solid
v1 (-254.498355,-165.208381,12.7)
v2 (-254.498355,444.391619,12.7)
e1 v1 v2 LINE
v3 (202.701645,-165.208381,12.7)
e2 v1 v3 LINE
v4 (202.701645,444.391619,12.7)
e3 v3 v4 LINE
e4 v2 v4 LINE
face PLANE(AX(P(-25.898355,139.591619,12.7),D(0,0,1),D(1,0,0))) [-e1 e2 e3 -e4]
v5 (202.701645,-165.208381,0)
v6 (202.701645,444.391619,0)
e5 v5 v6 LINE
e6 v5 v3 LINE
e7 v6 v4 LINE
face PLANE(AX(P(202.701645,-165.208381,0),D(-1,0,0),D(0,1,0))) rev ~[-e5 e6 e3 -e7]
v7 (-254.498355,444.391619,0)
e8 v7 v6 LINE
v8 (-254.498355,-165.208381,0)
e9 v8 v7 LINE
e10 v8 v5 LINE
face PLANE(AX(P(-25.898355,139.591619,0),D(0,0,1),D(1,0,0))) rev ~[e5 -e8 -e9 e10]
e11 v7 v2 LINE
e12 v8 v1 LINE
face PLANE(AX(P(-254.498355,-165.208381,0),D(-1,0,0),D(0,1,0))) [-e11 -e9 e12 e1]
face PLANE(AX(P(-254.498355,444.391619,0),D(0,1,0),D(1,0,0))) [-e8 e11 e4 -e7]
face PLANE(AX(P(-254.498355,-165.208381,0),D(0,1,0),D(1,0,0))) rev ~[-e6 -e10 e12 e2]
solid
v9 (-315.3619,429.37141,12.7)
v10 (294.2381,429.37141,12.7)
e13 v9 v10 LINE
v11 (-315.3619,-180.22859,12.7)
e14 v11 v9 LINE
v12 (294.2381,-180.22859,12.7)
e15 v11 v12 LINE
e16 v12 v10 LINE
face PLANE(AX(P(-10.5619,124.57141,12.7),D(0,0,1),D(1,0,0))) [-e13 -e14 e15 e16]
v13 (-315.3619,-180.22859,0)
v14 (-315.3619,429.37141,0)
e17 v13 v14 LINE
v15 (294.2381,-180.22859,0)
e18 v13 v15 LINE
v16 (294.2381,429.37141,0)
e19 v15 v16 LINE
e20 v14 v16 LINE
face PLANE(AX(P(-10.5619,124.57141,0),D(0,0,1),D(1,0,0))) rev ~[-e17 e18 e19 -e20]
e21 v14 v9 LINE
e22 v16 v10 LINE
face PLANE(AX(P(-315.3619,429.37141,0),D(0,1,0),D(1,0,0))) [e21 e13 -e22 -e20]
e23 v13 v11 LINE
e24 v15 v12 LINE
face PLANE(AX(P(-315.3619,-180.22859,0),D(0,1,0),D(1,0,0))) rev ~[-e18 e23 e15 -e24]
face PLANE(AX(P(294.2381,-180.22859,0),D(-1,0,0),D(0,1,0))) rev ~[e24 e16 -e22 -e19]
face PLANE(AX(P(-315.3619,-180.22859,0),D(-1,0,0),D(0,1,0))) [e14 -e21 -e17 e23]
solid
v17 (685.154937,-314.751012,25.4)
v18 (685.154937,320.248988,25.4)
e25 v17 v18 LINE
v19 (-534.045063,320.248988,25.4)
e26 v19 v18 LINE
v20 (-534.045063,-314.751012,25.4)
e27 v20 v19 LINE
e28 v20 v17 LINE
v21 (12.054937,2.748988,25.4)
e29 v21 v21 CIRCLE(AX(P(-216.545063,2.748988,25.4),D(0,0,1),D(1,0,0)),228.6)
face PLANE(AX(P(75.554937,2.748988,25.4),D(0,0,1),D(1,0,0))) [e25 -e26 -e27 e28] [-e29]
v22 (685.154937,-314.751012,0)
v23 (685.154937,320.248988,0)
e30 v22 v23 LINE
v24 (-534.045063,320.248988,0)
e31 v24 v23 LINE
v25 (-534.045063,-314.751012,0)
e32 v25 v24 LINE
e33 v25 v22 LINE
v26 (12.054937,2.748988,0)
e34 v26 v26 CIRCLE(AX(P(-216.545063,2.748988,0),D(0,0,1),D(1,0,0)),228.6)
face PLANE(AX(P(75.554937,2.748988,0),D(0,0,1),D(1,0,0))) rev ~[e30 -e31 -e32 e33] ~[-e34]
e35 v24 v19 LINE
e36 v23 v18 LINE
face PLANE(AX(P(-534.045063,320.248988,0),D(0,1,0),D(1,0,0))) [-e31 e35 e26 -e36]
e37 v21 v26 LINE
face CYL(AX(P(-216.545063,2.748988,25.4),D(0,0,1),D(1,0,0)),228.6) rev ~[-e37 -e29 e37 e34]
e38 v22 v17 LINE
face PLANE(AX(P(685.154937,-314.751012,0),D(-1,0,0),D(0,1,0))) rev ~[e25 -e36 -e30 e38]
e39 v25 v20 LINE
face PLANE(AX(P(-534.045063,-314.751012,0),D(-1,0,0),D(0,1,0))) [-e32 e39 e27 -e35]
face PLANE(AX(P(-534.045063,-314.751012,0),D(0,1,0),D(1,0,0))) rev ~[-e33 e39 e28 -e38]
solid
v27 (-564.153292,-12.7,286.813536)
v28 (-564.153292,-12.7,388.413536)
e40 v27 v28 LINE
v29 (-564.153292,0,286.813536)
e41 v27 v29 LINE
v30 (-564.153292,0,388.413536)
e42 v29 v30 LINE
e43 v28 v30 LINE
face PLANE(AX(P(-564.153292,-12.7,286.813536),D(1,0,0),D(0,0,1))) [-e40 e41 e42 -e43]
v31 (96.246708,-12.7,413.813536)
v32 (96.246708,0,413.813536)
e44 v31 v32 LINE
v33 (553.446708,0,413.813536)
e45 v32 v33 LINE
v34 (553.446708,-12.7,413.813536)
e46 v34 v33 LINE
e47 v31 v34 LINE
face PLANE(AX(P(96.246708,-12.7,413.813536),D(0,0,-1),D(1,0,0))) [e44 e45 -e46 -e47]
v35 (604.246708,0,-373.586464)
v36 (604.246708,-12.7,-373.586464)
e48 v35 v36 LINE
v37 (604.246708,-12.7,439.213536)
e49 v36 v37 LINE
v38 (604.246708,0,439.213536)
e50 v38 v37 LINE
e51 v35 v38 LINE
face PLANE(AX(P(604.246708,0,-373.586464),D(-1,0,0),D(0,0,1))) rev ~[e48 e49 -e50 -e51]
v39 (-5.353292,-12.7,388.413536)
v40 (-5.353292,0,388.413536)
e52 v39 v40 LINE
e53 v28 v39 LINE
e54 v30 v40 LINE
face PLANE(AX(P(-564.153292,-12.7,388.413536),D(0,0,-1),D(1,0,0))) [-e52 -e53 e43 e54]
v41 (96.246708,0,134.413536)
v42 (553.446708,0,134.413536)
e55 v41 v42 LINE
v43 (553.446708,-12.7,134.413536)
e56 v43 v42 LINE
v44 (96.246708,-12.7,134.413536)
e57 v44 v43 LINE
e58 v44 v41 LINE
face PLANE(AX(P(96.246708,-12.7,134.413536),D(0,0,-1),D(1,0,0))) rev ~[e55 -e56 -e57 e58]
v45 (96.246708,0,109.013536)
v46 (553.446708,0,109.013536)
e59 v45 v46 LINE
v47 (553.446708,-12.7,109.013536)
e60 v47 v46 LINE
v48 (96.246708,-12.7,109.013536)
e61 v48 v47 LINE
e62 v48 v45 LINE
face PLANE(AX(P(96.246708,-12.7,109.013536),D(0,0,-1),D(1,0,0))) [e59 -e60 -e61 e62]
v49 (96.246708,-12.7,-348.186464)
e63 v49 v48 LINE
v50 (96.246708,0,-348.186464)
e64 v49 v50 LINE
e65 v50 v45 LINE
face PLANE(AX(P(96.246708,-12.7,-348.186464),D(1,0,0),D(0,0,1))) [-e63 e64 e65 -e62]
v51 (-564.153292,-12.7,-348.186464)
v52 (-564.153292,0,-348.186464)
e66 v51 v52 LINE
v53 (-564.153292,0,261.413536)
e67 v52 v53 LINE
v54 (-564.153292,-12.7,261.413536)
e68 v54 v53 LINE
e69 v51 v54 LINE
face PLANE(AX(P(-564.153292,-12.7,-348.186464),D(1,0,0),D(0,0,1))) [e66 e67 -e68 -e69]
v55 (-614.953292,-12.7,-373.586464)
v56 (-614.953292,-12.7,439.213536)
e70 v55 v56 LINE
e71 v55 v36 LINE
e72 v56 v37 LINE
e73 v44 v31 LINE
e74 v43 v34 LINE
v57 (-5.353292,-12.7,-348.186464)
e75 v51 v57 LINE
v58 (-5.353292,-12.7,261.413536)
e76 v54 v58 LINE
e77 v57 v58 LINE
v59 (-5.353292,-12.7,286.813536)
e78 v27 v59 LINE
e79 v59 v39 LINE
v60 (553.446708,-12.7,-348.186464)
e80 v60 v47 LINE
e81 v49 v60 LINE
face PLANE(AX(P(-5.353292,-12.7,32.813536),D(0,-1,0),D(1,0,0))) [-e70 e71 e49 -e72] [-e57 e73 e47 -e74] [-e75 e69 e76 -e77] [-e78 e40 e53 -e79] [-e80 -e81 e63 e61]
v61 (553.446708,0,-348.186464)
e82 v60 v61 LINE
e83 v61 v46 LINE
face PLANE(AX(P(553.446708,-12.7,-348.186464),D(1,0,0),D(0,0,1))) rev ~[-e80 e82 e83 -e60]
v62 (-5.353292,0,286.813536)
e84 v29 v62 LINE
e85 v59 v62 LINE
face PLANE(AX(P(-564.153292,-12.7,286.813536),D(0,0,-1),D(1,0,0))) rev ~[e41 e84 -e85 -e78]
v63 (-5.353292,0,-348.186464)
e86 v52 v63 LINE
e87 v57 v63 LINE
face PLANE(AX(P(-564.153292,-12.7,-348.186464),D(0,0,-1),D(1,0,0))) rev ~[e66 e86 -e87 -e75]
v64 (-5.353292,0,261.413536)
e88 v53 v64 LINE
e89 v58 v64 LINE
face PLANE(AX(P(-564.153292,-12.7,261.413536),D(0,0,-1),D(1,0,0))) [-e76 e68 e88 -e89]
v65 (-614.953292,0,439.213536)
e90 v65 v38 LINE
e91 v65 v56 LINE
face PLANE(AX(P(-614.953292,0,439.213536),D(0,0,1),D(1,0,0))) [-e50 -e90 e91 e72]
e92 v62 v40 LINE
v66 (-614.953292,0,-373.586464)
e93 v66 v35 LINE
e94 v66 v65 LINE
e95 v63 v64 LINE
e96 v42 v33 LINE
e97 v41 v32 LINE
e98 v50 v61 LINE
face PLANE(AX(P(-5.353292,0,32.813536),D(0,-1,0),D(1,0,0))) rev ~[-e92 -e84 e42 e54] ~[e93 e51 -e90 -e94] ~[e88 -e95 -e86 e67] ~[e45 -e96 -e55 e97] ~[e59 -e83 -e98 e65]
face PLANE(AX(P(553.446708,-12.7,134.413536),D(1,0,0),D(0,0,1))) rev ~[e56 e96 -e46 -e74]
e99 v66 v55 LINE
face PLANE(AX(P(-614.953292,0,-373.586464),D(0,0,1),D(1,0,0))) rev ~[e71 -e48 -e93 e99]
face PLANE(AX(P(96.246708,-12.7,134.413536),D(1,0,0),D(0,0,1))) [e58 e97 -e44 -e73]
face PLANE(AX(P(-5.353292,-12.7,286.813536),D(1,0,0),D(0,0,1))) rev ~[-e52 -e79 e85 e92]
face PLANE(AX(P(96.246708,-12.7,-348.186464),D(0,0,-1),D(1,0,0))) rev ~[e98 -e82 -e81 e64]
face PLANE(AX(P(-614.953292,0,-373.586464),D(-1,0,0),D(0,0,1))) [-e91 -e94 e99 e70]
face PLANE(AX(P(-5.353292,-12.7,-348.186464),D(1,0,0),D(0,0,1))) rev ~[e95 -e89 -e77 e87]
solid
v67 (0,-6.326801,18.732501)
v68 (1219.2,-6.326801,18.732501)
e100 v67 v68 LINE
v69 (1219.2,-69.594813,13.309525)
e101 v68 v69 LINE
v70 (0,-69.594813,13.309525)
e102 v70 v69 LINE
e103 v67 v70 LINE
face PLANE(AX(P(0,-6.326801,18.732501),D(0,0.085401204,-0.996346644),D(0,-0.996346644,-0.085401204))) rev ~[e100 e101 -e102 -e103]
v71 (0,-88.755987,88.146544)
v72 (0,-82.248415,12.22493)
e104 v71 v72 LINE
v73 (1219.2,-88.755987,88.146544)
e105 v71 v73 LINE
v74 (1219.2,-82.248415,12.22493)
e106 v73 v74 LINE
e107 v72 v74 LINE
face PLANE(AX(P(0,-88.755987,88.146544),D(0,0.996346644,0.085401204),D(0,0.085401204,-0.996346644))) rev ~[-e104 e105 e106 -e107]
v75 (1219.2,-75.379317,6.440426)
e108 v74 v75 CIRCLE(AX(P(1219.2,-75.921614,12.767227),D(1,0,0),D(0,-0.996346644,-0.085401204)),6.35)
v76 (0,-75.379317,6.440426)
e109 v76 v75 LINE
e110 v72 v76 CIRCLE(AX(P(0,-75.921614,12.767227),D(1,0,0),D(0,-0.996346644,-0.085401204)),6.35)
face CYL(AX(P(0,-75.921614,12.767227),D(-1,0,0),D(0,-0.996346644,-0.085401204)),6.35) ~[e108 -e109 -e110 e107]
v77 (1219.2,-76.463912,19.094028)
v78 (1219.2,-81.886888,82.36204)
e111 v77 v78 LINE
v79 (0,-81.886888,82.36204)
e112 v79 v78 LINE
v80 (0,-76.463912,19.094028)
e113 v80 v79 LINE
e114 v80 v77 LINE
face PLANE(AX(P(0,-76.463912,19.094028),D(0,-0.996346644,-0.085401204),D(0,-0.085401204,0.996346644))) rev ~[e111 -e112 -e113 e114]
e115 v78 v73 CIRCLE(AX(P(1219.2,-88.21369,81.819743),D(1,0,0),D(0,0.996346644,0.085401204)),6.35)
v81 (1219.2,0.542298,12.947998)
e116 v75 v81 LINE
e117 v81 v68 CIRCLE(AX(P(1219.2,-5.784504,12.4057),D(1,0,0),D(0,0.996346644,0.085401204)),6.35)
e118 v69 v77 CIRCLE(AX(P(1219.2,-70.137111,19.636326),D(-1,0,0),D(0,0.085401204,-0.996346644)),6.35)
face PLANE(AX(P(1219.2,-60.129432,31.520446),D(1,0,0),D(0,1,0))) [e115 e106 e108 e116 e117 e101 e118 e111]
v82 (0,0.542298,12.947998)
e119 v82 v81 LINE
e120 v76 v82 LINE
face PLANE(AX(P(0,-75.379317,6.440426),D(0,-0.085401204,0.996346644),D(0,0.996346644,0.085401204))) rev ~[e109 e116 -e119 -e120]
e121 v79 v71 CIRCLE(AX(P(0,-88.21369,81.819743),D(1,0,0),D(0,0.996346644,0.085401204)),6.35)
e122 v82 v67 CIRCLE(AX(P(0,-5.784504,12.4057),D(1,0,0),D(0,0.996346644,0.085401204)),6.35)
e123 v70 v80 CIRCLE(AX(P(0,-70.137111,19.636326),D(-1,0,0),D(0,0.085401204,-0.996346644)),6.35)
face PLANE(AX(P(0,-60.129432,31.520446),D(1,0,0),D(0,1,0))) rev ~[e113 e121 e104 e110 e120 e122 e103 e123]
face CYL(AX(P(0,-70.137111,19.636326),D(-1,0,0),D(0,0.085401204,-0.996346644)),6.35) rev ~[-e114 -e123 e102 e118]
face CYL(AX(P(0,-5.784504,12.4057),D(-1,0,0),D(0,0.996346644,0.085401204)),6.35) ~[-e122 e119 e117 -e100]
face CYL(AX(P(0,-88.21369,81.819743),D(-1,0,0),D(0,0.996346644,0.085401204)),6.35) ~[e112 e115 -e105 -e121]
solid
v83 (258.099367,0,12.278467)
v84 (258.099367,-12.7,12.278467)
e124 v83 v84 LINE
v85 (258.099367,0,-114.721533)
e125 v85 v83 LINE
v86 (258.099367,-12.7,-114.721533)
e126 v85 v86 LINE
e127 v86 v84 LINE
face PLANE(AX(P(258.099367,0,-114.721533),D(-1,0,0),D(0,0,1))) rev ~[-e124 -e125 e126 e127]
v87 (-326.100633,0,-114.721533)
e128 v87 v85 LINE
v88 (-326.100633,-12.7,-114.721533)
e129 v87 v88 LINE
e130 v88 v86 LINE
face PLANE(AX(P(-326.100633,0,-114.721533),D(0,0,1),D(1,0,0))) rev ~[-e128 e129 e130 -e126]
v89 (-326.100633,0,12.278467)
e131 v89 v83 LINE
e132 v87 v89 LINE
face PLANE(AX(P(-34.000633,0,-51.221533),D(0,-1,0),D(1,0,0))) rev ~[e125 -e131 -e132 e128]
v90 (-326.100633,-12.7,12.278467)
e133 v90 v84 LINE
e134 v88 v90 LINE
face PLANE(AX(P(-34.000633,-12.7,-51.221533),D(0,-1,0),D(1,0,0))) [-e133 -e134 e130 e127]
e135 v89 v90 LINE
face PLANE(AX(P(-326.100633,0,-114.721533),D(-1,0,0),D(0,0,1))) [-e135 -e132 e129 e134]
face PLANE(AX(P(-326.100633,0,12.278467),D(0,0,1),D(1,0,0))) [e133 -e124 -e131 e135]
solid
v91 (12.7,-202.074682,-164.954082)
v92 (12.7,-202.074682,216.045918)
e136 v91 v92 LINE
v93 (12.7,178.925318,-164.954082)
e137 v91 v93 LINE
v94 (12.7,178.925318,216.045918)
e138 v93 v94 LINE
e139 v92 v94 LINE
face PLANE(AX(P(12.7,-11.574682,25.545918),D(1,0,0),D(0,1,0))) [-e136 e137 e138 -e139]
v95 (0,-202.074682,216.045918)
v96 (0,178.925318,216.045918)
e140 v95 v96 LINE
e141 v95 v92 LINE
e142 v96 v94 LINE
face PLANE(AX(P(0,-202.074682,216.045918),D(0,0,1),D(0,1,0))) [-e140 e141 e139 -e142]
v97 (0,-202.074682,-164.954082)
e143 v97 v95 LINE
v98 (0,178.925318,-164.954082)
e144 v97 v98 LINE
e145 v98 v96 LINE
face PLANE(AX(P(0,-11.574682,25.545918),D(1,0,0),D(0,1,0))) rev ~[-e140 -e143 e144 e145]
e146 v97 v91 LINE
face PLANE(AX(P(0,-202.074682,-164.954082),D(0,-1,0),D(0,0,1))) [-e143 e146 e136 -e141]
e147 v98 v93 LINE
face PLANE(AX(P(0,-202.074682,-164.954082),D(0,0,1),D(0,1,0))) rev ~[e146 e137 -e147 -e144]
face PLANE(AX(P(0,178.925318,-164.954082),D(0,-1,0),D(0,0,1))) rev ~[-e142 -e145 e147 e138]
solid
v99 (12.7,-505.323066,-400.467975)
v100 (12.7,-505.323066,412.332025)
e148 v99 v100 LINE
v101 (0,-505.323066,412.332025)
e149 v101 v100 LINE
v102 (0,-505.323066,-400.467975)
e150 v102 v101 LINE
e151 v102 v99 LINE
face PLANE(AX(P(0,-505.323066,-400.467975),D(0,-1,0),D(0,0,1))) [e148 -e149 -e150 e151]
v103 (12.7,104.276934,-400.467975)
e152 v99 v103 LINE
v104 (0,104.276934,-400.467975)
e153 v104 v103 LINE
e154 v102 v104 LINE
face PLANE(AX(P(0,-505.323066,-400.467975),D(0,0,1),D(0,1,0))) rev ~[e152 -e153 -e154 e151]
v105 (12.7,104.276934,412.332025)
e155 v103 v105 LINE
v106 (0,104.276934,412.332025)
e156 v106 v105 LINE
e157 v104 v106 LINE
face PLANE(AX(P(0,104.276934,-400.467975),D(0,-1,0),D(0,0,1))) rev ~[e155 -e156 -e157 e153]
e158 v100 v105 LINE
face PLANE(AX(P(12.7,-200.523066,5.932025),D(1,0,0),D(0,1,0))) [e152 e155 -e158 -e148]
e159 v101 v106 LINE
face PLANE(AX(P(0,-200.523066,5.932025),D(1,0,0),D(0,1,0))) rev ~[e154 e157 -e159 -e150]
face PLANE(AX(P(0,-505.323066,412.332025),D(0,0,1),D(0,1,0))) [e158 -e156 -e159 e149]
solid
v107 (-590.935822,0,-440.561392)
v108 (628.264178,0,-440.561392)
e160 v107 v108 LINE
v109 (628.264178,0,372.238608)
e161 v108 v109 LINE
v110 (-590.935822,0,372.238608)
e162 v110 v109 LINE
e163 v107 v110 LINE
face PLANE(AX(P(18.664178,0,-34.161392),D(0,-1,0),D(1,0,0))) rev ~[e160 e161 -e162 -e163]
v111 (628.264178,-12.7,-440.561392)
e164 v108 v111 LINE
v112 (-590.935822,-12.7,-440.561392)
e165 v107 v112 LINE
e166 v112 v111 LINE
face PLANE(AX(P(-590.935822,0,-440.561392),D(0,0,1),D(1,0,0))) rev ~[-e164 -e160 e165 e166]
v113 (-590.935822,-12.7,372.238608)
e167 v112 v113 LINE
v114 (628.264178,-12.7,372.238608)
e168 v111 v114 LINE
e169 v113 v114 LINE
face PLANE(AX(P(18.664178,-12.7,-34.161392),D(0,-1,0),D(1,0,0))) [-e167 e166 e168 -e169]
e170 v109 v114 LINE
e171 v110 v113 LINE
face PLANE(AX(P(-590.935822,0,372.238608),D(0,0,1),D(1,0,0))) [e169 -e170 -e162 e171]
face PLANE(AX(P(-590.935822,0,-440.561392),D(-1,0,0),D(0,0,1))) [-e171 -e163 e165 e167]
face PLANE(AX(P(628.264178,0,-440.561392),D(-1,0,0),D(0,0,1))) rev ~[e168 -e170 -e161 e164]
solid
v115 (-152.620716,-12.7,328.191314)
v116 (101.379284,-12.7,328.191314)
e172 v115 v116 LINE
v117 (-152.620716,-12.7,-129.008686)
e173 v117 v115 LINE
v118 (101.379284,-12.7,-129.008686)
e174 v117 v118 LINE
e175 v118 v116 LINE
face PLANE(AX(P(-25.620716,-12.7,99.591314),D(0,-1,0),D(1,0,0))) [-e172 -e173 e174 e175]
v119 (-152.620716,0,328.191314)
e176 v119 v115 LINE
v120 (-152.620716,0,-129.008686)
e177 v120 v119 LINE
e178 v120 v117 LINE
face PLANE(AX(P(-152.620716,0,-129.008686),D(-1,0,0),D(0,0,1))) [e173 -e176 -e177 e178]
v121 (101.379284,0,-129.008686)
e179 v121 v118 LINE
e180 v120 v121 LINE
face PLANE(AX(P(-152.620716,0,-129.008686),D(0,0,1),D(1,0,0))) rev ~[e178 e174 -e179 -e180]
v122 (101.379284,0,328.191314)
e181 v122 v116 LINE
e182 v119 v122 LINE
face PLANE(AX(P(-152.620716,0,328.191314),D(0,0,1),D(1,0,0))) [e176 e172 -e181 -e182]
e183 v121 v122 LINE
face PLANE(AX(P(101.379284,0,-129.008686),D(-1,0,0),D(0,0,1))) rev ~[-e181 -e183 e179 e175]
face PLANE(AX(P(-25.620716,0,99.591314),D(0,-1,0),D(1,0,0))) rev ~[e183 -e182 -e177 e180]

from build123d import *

# Parameters (mm, degrees)
F0_W      = 1219.2
F0_H      = 812.8
F1_DEPTH  = 12.7
F2_W      = 558.8
F2_H      = 609.6
F2_W_2    = 457.2
F2_H_2    = 457.2
F2_H_3    = 279.4
F2_H_4    = 101.6
F3_DEPTH  = 12.701
F4_W      = 609.6
F4_H      = 812.8
F5_DEPTH  = 12.7
F6_W      = 1219.2
F6_H      = 812.8
F7_DEPTH  = 12.7
F8_W      = 1219.2
F8_H      = 635
F9_DEPTH  = 25.4
F10_W     = 609.6
F10_H     = 609.6
F11_DEPTH = 12.7
F12_W     = 457.2
F12_H     = 609.6
F13_DEPTH = 12.7
F14_W     = 584.2
F14_H     = 127
F15_DEPTH = 12.7
F16_W     = 254
F16_H     = 457.2
F17_DEPTH = 12.7
F19_DEPTH = 1219.2
F20_W     = 381
F20_H     = 381
F21_DEPTH = 12.7
F22_R     = 228.6
F23_DEPTH = 465.9623922819


with BuildPart() as f1:
    # F0 (on Front) → F1 (new body)
    with BuildSketch(Plane.XZ):
        with Locations((-5.3532924503, 32.8135361745)):
            Rectangle(F0_W, F0_H)
    extrude(amount=F1_DEPTH)

    # F2 (on face) → F3 (cut, through all)
    with BuildSketch(Plane.XZ.offset(12.7)):
        with Locations((-284.7532924503, -43.3864638255)):
            Rectangle(F2_W, F2_H)
        with Locations((324.8467075497, -119.5864638255)):
            Rectangle(F2_W_2, F2_H_2)
        with Locations((324.8467075497, 274.1135361745)):
            Rectangle(F2_W_2, F2_H_3)
        with Locations((-284.7532924503, 337.6135361745)):
            Rectangle(F2_W, F2_H_4)
    extrude(amount=-F3_DEPTH, mode=Mode.SUBTRACT)


with BuildPart() as f5:
    # F4 (on Right) → F5 (new body)
    with BuildSketch(Plane.YZ):
        with Locations((-200.5230661683, 5.9320246801)):
            Rectangle(F4_W, F4_H)
    extrude(amount=F5_DEPTH)


with BuildPart() as f7:
    # F6 (on Front) → F7 (new body)
    with BuildSketch(Plane.XZ):
        with Locations((18.6641775072, -34.1613922819)):
            Rectangle(F6_W, F6_H)
    extrude(amount=F7_DEPTH)


with BuildPart() as f9:
    # F8 (on Top) → F9 (new body)
    with BuildSketch(Plane.XY):
        with Locations((75.5549373063, 2.7489876375)):
            Rectangle(F8_W, F8_H)
    extrude(amount=F9_DEPTH)

    # F22 (on face) → F23 (cut, through all)
    with BuildSketch(Plane.XY.offset(25.4)):
        with Locations((-216.5450626937, 2.7489876375)):
            Circle(F22_R)
    extrude(amount=-F23_DEPTH, mode=Mode.SUBTRACT)


with BuildPart() as f11:
    # F10 (on Top) → F11 (new body)
    with BuildSketch(Plane.XY):
        with Locations((-10.5619002134, 124.5714095004)):
            Rectangle(F10_W, F10_H)
    extrude(amount=F11_DEPTH)


with BuildPart() as f13:
    # F12 (on Top) → F13 (new body)
    with BuildSketch(Plane.XY):
        with Locations((-25.8983550593, 139.591619166)):
            Rectangle(F12_W, F12_H)
    extrude(amount=F13_DEPTH)


with BuildPart() as f15:
    # F14 (on Front) → F15 (new body)
    with BuildSketch(Plane.XZ):
        with Locations((-34.0006332844, -51.2215328759)):
            Rectangle(F14_W, F14_H)
    extrude(amount=F15_DEPTH)


with BuildPart() as f17:
    # F16 (on Front) → F17 (new body)
    with BuildSketch(Plane.XZ):
        with Locations((-25.6207156926, 99.5913136868)):
            Rectangle(F16_W, F16_H)
    extrude(amount=F17_DEPTH)


with BuildPart() as f19:
    # F18 (on Right) → F19 (new body)
    with BuildSketch(Plane.YZ):
        with BuildLine():
            Line((-76.4639118931, 19.0940284041), (-81.8868883565, 82.3620402764))
            ThreePointArc((-81.8868883565, 82.3620402764), (-84.1234278641, 86.6769289959), (-88.75598719, 88.1465438173))
            Line((-88.75598719, 88.1465438173), (-82.248415434, 12.2249295705))
            ThreePointArc((-82.248415434, 12.2249295705), (-80.0118759264, 7.910040851), (-75.3793166005, 6.4404260296))
            Line((-75.3793166005, 6.4404260296), (0.5422976463, 12.9479977856))
            ThreePointArc((0.5422976463, 12.9479977856), (-1.6942418613, 17.2628865051), (-6.3268011872, 18.7325013265))
            Line((-6.3268011872, 18.7325013265), (-69.5948130596, 13.3095248632))
            ThreePointArc((-69.5948130596, 13.3095248632), (-74.2273723855, 14.7791396845), (-76.4639118931, 19.0940284041))
        make_face()
    extrude(amount=F19_DEPTH)


with BuildPart() as f21:
    # F20 (on Right) → F21 (new body)
    with BuildSketch(Plane.YZ):
        with Locations((-11.5746818483, 25.5459176804)):
            Rectangle(F20_W, F20_H)
    extrude(amount=F21_DEPTH)


solid = Compound([f1.part, f5.part, f7.part, f9.part, f11.part, f13.part, f15.part, f17.part, f19.part, f21.part])
